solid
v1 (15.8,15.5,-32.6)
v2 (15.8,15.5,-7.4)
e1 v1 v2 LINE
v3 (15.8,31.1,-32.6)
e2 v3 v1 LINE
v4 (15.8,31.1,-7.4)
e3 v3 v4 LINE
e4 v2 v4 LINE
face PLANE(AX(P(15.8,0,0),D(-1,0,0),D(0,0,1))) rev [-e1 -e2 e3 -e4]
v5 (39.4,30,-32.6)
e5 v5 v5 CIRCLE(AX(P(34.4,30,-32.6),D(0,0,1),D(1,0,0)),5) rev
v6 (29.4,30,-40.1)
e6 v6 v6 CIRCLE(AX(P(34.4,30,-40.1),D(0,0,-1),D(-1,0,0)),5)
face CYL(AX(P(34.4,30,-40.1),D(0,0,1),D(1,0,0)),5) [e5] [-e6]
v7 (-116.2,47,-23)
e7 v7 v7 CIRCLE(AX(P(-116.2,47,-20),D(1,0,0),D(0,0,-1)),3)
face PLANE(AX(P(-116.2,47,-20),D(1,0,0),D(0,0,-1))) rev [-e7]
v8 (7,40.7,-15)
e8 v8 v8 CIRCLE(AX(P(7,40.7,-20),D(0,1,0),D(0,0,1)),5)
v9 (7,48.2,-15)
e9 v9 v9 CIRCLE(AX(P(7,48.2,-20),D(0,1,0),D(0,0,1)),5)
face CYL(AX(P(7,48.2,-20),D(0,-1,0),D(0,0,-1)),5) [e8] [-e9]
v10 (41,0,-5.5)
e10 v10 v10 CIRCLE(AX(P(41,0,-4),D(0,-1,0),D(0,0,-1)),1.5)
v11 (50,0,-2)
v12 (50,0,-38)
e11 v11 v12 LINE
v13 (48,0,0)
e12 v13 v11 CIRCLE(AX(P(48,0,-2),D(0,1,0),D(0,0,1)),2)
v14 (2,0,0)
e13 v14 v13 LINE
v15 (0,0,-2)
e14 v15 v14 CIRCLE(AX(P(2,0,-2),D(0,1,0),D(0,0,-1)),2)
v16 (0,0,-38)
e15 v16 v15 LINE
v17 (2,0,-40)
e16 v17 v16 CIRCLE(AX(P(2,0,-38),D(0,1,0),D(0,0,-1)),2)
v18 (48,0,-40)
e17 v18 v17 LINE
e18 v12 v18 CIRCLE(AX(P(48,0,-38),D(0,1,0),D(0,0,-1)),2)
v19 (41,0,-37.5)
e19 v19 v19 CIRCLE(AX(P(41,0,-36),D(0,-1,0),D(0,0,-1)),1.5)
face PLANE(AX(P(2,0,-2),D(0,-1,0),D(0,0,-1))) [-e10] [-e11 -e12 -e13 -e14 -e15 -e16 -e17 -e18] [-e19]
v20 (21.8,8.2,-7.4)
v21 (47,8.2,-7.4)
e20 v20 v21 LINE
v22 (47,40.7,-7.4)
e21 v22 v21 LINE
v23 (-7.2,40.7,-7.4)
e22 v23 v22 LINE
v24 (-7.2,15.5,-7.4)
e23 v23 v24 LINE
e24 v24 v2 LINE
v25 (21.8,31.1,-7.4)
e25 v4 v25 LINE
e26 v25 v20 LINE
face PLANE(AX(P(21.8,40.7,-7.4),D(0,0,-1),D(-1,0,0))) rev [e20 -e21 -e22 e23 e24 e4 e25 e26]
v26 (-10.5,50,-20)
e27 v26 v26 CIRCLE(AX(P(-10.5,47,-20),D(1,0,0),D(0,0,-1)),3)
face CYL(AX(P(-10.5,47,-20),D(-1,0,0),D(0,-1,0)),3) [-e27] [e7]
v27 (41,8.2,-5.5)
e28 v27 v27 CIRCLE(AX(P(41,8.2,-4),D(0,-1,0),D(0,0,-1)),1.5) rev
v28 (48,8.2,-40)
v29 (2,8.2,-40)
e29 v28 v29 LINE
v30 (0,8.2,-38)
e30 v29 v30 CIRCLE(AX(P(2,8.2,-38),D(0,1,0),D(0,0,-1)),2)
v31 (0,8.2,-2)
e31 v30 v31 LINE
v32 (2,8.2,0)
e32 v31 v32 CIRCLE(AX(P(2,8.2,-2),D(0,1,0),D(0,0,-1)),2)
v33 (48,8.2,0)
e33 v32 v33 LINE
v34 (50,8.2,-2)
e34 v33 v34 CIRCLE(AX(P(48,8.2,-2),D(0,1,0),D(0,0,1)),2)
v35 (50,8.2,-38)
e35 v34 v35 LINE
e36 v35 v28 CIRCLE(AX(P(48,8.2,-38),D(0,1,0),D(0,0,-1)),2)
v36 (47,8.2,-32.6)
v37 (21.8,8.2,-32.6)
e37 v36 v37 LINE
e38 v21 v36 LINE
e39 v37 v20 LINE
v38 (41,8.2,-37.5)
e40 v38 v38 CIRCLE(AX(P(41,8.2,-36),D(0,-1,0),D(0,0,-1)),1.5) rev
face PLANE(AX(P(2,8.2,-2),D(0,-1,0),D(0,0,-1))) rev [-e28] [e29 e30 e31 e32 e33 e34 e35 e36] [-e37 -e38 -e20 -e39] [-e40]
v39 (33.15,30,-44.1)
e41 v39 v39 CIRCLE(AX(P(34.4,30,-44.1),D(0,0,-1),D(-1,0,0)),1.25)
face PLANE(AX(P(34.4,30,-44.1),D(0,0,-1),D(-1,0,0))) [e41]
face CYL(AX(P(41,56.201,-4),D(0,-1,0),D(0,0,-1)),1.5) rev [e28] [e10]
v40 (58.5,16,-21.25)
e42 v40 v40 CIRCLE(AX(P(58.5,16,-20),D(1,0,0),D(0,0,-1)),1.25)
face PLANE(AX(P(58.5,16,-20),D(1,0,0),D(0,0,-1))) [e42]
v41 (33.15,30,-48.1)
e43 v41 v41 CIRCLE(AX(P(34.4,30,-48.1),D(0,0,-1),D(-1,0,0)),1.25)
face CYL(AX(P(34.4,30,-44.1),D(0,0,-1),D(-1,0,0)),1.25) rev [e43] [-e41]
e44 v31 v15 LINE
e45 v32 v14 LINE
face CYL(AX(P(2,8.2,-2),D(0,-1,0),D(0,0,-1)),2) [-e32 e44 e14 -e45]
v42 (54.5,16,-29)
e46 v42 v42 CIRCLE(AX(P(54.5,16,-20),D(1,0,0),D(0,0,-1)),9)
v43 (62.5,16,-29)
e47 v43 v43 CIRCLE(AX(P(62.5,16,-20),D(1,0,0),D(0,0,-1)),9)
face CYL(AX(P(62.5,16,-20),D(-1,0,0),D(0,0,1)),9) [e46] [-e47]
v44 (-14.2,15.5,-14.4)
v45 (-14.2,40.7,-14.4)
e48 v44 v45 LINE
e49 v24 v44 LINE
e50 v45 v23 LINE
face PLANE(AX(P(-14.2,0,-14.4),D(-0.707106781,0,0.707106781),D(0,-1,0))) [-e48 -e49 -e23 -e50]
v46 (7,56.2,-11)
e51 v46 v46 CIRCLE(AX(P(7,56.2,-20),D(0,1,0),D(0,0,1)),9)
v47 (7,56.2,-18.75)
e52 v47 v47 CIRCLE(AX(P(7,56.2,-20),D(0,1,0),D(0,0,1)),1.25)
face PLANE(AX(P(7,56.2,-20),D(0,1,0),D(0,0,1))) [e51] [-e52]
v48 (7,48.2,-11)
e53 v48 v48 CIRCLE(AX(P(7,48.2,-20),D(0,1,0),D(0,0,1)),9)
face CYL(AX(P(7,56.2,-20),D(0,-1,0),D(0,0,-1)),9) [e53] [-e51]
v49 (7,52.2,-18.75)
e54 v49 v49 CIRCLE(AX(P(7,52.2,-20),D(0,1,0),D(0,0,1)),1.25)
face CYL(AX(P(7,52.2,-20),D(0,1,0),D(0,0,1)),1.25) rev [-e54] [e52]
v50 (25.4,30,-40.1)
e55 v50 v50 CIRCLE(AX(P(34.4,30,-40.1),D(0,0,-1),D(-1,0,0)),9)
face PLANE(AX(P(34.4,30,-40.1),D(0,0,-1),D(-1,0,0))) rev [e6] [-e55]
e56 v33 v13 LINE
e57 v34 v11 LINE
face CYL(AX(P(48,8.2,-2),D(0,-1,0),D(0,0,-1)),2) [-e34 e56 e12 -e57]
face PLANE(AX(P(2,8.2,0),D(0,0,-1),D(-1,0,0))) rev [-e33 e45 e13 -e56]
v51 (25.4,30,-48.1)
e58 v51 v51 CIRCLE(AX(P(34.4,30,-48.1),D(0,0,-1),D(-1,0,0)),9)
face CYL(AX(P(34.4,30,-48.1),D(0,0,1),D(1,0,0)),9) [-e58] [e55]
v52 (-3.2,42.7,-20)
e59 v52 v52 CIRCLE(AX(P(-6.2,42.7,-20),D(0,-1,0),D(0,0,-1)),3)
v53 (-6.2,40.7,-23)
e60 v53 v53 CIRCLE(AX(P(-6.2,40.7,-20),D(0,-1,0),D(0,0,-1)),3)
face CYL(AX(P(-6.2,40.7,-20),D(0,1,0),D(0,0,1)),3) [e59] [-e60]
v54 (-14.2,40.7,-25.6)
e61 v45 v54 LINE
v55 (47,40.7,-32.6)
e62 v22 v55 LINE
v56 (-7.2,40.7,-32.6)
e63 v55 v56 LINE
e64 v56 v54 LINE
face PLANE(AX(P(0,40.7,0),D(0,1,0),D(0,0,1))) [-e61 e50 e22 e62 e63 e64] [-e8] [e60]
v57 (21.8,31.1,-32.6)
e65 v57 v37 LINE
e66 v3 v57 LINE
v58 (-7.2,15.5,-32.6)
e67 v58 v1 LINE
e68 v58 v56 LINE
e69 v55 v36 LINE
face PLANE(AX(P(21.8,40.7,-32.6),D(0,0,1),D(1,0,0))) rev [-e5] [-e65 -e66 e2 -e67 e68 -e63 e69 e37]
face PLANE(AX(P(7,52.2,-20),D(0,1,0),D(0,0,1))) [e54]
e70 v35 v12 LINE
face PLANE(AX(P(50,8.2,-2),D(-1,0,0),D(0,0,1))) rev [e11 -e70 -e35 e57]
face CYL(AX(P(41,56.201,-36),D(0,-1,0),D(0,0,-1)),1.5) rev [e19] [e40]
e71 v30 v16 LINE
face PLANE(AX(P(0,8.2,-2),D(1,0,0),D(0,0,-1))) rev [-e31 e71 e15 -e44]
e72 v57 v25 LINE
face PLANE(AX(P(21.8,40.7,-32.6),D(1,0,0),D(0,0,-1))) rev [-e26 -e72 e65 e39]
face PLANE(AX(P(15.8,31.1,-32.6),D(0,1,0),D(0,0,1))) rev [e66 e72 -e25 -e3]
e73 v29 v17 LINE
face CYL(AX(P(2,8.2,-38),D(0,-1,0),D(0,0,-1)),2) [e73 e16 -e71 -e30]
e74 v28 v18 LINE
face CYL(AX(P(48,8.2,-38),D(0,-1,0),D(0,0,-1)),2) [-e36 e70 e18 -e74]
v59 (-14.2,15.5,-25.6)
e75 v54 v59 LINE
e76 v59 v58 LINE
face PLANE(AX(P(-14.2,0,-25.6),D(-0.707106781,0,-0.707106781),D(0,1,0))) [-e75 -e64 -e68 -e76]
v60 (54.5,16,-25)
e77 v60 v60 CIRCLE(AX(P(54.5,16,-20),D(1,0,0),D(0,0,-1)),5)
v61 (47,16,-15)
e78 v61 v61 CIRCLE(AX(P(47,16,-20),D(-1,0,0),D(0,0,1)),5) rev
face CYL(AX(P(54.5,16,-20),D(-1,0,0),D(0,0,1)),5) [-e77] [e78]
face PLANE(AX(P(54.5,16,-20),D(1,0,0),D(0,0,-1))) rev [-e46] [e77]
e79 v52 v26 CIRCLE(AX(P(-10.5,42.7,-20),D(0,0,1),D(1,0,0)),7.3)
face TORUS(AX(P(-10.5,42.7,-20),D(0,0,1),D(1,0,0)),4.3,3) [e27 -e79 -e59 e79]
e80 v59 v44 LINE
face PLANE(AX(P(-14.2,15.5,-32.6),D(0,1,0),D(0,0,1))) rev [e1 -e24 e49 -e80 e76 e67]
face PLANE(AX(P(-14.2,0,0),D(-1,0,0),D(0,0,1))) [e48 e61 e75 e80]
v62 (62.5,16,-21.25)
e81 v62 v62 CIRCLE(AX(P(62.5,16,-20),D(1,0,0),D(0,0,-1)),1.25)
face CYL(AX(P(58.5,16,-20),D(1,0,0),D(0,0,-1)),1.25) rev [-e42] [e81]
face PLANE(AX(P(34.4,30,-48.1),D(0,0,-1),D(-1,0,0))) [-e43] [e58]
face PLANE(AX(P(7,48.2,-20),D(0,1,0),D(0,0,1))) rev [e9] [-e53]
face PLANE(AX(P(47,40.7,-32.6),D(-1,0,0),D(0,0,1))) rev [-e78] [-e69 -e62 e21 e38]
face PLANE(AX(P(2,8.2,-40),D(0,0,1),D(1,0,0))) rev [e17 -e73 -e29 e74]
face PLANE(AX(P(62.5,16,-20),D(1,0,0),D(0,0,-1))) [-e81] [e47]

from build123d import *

# Parameters (mm, degrees)
BOSS_EXTRUDE1_DEPTH  = 8.2
SKETCH2_W            = 25.2
SKETCH2_H            = 25.2
BOSS_EXTRUDE2_DEPTH  = 32.5
SKETCH3_W            = 25.2
SKETCH3_H            = 9.6
BOSS_EXTRUDE3_DEPTH  = 6
SKETCH4_W            = 25.2
SKETCH4_H            = 25.2
BOSS_EXTRUDE4_DEPTH  = 30
CHAMFER1_SIZE        = 7
SKETCH5_R            = 5
BOSS_EXTRUDE5_DEPTH  = 7.5
SKETCH6_R            = 9
BOSS_EXTRUDE6_DEPTH  = 8
SKETCH7_R            = 1.25
CUT_EXTRUDE1_DEPTH   = 4
SKETCH8_R            = 5
BOSS_EXTRUDE7_DEPTH  = 7.5
SKETCH9_R            = 9
BOSS_EXTRUDE8_DEPTH  = 8
SKETCH10_R           = 1.25
CUT_EXTRUDE2_DEPTH   = 4
SKETCH11_R           = 5
BOSS_EXTRUDE9_DEPTH  = 7.5
SKETCH12_R           = 9
BOSS_EXTRUDE10_DEPTH = 8
SKETCH13_R           = 1.25
CUT_EXTRUDE3_DEPTH   = 4
SKETCH15_R           = 3
CUT_EXTRUDE4_REACH   = 139.748
SKETCH16_R           = 1.5


with BuildPart() as part:
    # Sketch1 → Boss-Extrude1 (new body)
    with BuildSketch(Plane(origin=(0, 0, 0), x_dir=(1, 0, 0), z_dir=(0, 1, 0))):
        with BuildLine():
            Line((2, 0), (48, 0))
            ThreePointArc((48, 0), (49.414213562, 0.585786438), (50, 2))
            Line((50, 2), (50, 38))
            ThreePointArc((50, 38), (49.414213562, 39.414213562), (48, 40))
            Line((48, 40), (2, 40))
            ThreePointArc((2, 40), (0.585786438, 39.414213562), (0, 38))
            Line((0, 38), (0, 2))
            ThreePointArc((0, 2), (0.585786438, 0.585786438), (2, 0))
        make_face()
    extrude(amount=BOSS_EXTRUDE1_DEPTH)

    # Sketch2 → Boss-Extrude2 (add)
    with BuildSketch(Plane(origin=(0, 8.2, 0), x_dir=(1, 0, 0), z_dir=(0, 1, 0))):
        with Locations((34.4, 20)):
            Rectangle(SKETCH2_W, SKETCH2_H)
    extrude(amount=BOSS_EXTRUDE2_DEPTH)

    # Sketch3 → Boss-Extrude3 (add)
    with BuildSketch(Plane.ZY.offset(-21.8)):
        with Locations((-20, 35.9)):
            Rectangle(SKETCH3_W, SKETCH3_H)
    extrude(amount=BOSS_EXTRUDE3_DEPTH)

    # Sketch4 → Boss-Extrude4 (add)
    with BuildSketch(Plane.ZY.offset(-15.8)):
        with Locations((-20, 28.1)):
            Rectangle(SKETCH4_W, SKETCH4_H)
    extrude(amount=BOSS_EXTRUDE4_DEPTH)

    # Chamfer1
    chamfer1_edges = [part.edges().sort_by_distance(p)[0] for p in [
        (-14.2, 28.1, -32.6),
        (-14.2, 28.1, -7.4),
    ]]
    chamfer(chamfer1_edges, length=CHAMFER1_SIZE)

    # Sketch5 → Boss-Extrude5 (add)
    with BuildSketch(Plane(origin=(47, 0, 0), x_dir=(0, 0, -1), z_dir=(1, 0, 0))):
        with Locations(Location((20, 16, 0), (0, 0, 180))):
            Circle(SKETCH5_R)
    extrude(amount=BOSS_EXTRUDE5_DEPTH)

    # Sketch6 → Boss-Extrude6 (add)
    with BuildSketch(Plane(origin=(54.5, 0, 0), x_dir=(0, 0, -1), z_dir=(1, 0, 0))):
        with Locations((20, 16)):
            Circle(SKETCH6_R)
    extrude(amount=BOSS_EXTRUDE6_DEPTH)

    # Sketch7 → Cut-Extrude1 (cut)
    with BuildSketch(Plane(origin=(62.5, 0, 0), x_dir=(0, 0, -1), z_dir=(1, 0, 0))):
        with Locations((20, 16)):
            Circle(SKETCH7_R)
    extrude(amount=-CUT_EXTRUDE1_DEPTH, mode=Mode.SUBTRACT)

    # Sketch8 → Boss-Extrude7 (add)
    with BuildSketch(Plane(origin=(0, 0, -32.6), x_dir=(-1, 0, 0), z_dir=(0, 0, -1))):
        with Locations(Location((-34.4, 30, 0), (0, 0, 180))):
            Circle(SKETCH8_R)
    extrude(amount=BOSS_EXTRUDE7_DEPTH)

    # Sketch9 → Boss-Extrude8 (add)
    with BuildSketch(Plane(origin=(0, 0, -40.1), x_dir=(-1, 0, 0), z_dir=(0, 0, -1))):
        with Locations((-34.4, 30)):
            Circle(SKETCH9_R)
    extrude(amount=BOSS_EXTRUDE8_DEPTH)

    # Sketch10 → Cut-Extrude2 (cut)
    with BuildSketch(Plane(origin=(0, 0, -48.1), x_dir=(-1, 0, 0), z_dir=(0, 0, -1))):
        with Locations((-34.4, 30)):
            Circle(SKETCH10_R)
    extrude(amount=-CUT_EXTRUDE2_DEPTH, mode=Mode.SUBTRACT)

    # Sketch11 → Boss-Extrude9 (add)
    with BuildSketch(Plane(origin=(0, 40.7, 0), x_dir=(1, 0, 0), z_dir=(0, 1, 0))):
        with Locations(Location((7, 20, 0), (0, 0, 270))):
            Circle(SKETCH11_R)
    extrude(amount=BOSS_EXTRUDE9_DEPTH)

    # Sketch12 → Boss-Extrude10 (add)
    with BuildSketch(Plane(origin=(0, 48.2, 0), x_dir=(1, 0, 0), z_dir=(0, 1, 0))):
        with Locations(Location((7, 20, 0), (0, 0, 270))):
            Circle(SKETCH12_R)
    extrude(amount=BOSS_EXTRUDE10_DEPTH)

    # Sketch13 → Cut-Extrude3 (cut)
    with BuildSketch(Plane(origin=(0, 56.2, 0), x_dir=(1, 0, 0), z_dir=(0, 1, 0))):
        with Locations(Location((7, 20, 0), (0, 0, 270))):
            Circle(SKETCH13_R)
    extrude(amount=-CUT_EXTRUDE3_DEPTH, mode=Mode.SUBTRACT)

    # Sweep1: sweep along a path in Sketch14
    with BuildLine(Plane.XY.offset(-20)) as sweep1_path:
        Line((-6.2, 40.7), (-6.2, 42.7))
        ThreePointArc((-6.2, 42.7), (-7.459440841, 45.740559159), (-10.5, 47))
        Line((-10.5, 47), (-116.2, 47))
    # Sketch15 → Sweep1 (sweep)
    with BuildSketch(Plane(origin=(-116.2, 0, 0), x_dir=(0, 0, -1), z_dir=(1, 0, 0))):
        with Locations((20, 47)):
            Circle(SKETCH15_R)
    sweep(path=sweep1_path.line)

    # Sketch16 → Cut-Extrude4 (cut, up to next)
    with BuildSketch(Plane.XZ, mode=Mode.PRIVATE) as cut_extrude4_sk1:
        with Locations(Location((41, -4, 0), (0, 0, 270))):
            Circle(SKETCH16_R)
    cut_extrude4_tool1 = extrude(cut_extrude4_sk1.sketch, amount=-CUT_EXTRUDE4_REACH, mode=Mode.PRIVATE) & part.part
    # Sketch16 → Cut-Extrude4 (cut, up to next)
    with BuildSketch(Plane.XZ, mode=Mode.PRIVATE) as cut_extrude4_sk2:
        with Locations(Location((41, -36, 0), (0, 0, 270))):
            Circle(SKETCH16_R)
    cut_extrude4_tool2 = extrude(cut_extrude4_sk2.sketch, amount=-CUT_EXTRUDE4_REACH, mode=Mode.PRIVATE) & part.part
    add(cut_extrude4_tool1.solids().sort_by_distance((41, 0, -4))[0], mode=Mode.SUBTRACT)
    add(cut_extrude4_tool2.solids().sort_by_distance((41, 0, -36))[0], mode=Mode.SUBTRACT)


solid = part.part
